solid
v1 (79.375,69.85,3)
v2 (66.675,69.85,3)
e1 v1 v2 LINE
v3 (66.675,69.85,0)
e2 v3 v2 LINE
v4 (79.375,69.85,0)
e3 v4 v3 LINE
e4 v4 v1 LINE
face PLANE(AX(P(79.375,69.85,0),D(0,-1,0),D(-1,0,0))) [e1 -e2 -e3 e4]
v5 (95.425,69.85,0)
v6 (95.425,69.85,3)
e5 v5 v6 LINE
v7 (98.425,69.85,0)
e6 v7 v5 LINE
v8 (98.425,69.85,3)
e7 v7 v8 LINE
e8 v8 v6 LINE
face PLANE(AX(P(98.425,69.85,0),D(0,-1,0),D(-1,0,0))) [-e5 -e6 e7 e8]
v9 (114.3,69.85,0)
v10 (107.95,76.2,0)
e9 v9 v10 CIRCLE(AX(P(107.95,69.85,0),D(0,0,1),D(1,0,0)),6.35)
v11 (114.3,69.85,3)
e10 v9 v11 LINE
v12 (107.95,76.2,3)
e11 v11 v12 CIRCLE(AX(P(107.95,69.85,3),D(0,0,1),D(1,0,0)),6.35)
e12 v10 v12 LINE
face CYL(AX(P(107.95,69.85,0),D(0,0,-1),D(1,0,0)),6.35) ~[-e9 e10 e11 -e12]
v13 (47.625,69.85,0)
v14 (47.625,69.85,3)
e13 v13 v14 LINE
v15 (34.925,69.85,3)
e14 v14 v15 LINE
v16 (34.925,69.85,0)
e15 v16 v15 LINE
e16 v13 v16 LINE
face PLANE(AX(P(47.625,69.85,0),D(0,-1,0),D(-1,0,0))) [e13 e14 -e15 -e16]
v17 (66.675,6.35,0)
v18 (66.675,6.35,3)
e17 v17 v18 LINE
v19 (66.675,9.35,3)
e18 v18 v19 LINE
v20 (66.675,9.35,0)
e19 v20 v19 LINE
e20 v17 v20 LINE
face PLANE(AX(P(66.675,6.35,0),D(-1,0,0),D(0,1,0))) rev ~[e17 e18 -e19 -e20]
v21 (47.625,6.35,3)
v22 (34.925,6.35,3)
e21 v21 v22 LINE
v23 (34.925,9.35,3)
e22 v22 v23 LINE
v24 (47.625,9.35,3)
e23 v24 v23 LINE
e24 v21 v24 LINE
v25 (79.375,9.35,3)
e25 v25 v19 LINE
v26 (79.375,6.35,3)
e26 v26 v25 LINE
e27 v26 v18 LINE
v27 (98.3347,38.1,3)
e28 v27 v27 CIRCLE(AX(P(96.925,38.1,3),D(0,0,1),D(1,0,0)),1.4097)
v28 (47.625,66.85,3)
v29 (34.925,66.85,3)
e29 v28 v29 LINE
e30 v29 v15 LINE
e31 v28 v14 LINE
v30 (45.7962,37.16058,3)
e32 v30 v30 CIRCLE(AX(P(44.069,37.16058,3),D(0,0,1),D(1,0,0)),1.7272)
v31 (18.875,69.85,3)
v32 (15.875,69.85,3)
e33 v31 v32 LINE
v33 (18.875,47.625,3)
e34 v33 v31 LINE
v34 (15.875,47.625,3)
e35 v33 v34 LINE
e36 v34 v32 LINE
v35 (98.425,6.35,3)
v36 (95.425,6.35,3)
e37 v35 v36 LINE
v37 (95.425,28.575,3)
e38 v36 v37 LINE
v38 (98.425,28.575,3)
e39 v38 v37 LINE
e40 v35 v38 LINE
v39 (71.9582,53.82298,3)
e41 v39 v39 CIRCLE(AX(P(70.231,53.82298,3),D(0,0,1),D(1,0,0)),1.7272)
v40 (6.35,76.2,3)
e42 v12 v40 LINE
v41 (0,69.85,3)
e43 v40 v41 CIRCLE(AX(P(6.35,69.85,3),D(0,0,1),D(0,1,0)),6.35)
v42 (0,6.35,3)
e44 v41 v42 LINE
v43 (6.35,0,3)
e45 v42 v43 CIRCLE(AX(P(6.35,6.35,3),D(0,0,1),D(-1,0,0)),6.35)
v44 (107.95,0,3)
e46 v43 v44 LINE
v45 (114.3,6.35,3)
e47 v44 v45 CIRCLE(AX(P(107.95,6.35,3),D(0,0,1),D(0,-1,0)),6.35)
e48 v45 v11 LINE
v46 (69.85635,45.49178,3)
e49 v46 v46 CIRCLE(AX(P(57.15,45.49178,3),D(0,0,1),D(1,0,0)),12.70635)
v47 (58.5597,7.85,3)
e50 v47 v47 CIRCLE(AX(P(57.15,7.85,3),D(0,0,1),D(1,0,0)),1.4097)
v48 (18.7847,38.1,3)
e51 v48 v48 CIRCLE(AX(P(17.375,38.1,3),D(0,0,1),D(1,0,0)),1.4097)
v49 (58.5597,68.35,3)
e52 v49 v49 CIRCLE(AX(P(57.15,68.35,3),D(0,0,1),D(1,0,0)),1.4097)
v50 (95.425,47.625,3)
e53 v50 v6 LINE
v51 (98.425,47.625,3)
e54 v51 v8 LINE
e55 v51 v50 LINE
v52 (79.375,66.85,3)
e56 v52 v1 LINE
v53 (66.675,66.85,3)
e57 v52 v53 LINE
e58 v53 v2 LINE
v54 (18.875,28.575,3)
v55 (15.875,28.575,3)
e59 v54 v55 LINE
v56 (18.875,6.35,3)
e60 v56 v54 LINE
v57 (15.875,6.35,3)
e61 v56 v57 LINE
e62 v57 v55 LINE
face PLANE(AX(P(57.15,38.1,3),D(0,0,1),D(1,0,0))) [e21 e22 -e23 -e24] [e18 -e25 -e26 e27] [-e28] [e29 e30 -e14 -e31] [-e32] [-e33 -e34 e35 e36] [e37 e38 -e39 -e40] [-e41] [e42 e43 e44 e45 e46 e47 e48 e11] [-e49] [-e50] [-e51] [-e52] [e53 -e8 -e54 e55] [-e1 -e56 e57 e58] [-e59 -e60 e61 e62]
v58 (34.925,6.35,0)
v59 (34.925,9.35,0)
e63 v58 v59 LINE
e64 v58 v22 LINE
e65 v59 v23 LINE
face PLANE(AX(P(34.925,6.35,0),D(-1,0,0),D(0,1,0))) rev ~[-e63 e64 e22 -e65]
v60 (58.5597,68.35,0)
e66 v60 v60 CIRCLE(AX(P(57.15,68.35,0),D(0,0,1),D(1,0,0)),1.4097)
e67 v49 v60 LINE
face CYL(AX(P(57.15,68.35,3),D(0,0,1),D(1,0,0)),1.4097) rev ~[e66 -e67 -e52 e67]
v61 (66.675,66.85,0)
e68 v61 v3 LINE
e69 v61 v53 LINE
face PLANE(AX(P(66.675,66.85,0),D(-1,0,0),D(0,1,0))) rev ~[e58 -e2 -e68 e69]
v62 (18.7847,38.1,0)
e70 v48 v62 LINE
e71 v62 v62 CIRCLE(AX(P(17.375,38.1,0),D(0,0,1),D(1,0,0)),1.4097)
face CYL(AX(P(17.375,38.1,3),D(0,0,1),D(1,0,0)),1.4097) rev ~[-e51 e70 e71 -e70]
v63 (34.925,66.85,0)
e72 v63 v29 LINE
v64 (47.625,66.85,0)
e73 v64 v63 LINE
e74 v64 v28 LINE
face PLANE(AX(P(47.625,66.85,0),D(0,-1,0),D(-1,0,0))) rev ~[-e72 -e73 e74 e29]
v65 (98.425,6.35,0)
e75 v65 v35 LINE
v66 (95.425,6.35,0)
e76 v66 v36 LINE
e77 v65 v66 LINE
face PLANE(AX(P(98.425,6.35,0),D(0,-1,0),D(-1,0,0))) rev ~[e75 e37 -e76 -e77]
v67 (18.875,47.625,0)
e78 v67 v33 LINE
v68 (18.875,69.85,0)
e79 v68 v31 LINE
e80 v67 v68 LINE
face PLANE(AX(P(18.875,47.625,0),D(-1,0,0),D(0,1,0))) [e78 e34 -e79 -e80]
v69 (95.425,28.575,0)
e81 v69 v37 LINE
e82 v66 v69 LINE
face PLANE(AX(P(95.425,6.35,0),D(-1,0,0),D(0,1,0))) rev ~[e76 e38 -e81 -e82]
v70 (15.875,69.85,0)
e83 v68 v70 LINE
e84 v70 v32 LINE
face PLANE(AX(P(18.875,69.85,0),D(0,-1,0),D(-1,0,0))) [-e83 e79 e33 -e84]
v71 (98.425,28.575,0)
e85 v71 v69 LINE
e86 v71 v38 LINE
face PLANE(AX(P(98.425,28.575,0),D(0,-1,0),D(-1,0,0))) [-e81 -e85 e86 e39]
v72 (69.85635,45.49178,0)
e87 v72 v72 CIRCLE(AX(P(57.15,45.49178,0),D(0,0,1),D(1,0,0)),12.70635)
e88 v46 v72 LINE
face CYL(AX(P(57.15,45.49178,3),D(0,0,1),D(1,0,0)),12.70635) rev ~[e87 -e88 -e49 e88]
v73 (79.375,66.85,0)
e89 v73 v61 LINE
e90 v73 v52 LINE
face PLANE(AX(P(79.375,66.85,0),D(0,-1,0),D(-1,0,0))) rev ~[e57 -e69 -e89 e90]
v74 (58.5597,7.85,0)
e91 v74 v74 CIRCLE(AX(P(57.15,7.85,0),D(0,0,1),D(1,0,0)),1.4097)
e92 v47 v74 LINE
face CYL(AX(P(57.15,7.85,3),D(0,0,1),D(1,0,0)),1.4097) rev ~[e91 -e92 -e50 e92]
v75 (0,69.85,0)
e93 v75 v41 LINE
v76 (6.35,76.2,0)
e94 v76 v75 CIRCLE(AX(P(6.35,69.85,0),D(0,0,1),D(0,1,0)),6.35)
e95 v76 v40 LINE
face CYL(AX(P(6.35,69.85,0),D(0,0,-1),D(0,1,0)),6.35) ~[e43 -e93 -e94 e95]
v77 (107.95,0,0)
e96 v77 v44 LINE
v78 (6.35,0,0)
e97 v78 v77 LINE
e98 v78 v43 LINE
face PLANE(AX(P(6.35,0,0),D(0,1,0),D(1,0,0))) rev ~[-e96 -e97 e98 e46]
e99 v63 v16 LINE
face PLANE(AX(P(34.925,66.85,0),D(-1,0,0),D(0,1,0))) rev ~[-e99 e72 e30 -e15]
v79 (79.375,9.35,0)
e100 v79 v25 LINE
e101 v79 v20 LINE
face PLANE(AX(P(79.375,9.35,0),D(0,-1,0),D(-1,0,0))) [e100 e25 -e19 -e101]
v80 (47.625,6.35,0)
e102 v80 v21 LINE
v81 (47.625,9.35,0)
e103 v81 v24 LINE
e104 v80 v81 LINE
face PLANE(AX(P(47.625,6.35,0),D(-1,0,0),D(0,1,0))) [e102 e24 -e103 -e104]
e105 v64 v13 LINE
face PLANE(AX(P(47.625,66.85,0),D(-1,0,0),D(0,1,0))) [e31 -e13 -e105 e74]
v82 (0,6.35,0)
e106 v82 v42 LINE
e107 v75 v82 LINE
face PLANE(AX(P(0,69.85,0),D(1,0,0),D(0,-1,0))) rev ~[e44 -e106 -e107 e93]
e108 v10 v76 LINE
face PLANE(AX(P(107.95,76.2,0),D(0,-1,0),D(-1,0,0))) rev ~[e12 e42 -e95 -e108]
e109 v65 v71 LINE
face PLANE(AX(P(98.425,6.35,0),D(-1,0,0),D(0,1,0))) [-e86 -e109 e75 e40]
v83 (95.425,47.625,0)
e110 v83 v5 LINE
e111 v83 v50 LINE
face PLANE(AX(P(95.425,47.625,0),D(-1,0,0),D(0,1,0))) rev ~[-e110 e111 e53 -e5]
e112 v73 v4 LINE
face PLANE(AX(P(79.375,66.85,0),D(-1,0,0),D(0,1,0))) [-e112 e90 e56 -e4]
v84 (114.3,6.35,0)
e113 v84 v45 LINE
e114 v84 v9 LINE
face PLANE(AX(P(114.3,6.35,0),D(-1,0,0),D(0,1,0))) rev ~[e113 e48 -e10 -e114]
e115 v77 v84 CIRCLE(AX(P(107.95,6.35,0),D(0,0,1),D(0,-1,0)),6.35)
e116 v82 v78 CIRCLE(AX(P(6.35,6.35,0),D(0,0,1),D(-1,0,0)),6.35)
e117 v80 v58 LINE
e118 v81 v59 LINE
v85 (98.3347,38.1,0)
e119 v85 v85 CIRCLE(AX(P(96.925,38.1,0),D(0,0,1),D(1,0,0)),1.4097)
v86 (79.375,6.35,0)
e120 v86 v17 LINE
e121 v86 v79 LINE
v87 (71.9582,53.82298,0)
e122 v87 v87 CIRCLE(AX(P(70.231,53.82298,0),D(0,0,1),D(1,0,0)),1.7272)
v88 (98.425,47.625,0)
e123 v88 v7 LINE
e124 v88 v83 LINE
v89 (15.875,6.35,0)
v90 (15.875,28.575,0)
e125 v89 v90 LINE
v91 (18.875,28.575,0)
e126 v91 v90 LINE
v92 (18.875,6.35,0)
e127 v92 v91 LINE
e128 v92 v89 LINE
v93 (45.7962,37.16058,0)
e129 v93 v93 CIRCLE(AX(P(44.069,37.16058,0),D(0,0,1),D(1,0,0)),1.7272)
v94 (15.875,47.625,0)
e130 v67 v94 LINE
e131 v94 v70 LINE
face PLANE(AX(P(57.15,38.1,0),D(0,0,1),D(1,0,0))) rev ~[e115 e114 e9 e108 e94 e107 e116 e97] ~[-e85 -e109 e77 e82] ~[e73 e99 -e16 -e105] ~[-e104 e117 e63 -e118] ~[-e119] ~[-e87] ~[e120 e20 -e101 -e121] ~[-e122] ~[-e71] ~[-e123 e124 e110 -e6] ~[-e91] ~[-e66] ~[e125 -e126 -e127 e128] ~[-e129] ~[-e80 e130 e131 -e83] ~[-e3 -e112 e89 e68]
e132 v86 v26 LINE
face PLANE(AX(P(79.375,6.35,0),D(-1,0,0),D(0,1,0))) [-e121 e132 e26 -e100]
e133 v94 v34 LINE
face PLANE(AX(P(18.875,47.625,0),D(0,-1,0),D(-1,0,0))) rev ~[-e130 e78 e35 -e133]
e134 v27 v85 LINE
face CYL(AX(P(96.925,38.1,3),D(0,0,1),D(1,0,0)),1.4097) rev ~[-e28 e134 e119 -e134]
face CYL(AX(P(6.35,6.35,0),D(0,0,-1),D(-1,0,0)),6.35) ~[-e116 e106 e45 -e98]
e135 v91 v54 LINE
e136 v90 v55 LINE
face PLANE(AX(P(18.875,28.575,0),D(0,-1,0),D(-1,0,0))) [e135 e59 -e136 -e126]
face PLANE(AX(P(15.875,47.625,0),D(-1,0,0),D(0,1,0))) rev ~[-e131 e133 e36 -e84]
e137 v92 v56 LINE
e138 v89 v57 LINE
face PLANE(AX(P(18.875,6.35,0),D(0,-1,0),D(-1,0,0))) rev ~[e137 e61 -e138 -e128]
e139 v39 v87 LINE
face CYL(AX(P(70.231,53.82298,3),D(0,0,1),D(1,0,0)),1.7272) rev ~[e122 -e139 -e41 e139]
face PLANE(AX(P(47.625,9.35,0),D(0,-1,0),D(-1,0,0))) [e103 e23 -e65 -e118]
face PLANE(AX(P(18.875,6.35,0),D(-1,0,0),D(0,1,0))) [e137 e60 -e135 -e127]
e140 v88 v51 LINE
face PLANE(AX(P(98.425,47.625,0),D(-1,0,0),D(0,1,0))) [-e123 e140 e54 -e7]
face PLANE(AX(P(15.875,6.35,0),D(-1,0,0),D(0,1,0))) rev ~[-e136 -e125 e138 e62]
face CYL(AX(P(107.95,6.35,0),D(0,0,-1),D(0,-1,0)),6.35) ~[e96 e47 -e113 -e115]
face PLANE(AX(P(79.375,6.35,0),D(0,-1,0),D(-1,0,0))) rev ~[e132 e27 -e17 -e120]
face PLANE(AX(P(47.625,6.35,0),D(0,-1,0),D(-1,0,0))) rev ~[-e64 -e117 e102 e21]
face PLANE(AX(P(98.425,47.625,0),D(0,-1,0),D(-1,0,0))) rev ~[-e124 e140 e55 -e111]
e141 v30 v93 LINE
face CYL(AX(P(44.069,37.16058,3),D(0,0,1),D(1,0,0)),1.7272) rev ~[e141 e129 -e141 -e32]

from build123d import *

# Parameters (mm, degrees)
BOSS_EXTRUDE1_DEPTH = 3
CUT_EXTRUDE1_REACH  = 139.404
SKETCH2_W           = 12.7
SKETCH2_H           = 3
SKETCH2_W_2         = 3
SKETCH2_H_2         = 22.225
CUT_EXTRUDE3_REACH  = 139.404
SKETCH4_R           = 1.7272
SKETCH4_R_2         = 12.70635
CUT_EXTRUDE4_REACH  = 139.404
SKETCH5_R           = 1.4097


with BuildPart() as part:
    # Sketch1 → Boss-Extrude1 (new body)
    with BuildSketch(Plane.XY):
        with BuildLine():
            Line((6.35, 0), (107.95, 0))
            ThreePointArc((107.95, 0), (112.440128061, 1.859871939), (114.3, 6.35))
            Line((114.3, 6.35), (114.3, 69.85))
            ThreePointArc((114.3, 69.85), (112.440128061, 74.340128061), (107.95, 76.2))
            Line((107.95, 76.2), (6.35, 76.2))
            ThreePointArc((6.35, 76.2), (1.859871939, 74.340128061), (0, 69.85))
            Line((0, 69.85), (0, 6.35))
            ThreePointArc((0, 6.35), (1.859871939, 1.859871939), (6.35, 0))
        make_face()
    extrude(amount=BOSS_EXTRUDE1_DEPTH)

    # Sketch2 → Cut-Extrude1 (cut, up to next)
    with BuildSketch(Plane(origin=(0, 0, 0), x_dir=(-1, 0, 0), z_dir=(0, 0, -1)), mode=Mode.PRIVATE) as cut_extrude1_sk1:
        with Locations((-73.025, 68.35)):
            Rectangle(SKETCH2_W, SKETCH2_H)
    cut_extrude1_tool1 = extrude(cut_extrude1_sk1.sketch, amount=-CUT_EXTRUDE1_REACH, mode=Mode.PRIVATE) & part.part
    # Sketch2 → Cut-Extrude1 (cut, up to next)
    with BuildSketch(Plane(origin=(0, 0, 0), x_dir=(-1, 0, 0), z_dir=(0, 0, -1)), mode=Mode.PRIVATE) as cut_extrude1_sk2:
        with Locations((-41.275, 68.35)):
            Rectangle(SKETCH2_W, SKETCH2_H)
    cut_extrude1_tool2 = extrude(cut_extrude1_sk2.sketch, amount=-CUT_EXTRUDE1_REACH, mode=Mode.PRIVATE) & part.part
    # Sketch2 → Cut-Extrude1 (cut, up to next)
    with BuildSketch(Plane(origin=(0, 0, 0), x_dir=(-1, 0, 0), z_dir=(0, 0, -1)), mode=Mode.PRIVATE) as cut_extrude1_sk3:
        with Locations((-17.375, 58.7375)):
            Rectangle(SKETCH2_W_2, SKETCH2_H_2)
    cut_extrude1_tool3 = extrude(cut_extrude1_sk3.sketch, amount=-CUT_EXTRUDE1_REACH, mode=Mode.PRIVATE) & part.part
    # Sketch2 → Cut-Extrude1 (cut, up to next)
    with BuildSketch(Plane(origin=(0, 0, 0), x_dir=(-1, 0, 0), z_dir=(0, 0, -1)), mode=Mode.PRIVATE) as cut_extrude1_sk4:
        with Locations((-17.375, 17.4625)):
            Rectangle(SKETCH2_W_2, SKETCH2_H_2)
    cut_extrude1_tool4 = extrude(cut_extrude1_sk4.sketch, amount=-CUT_EXTRUDE1_REACH, mode=Mode.PRIVATE) & part.part
    # Sketch2 → Cut-Extrude1 (cut, up to next)
    with BuildSketch(Plane(origin=(0, 0, 0), x_dir=(-1, 0, 0), z_dir=(0, 0, -1)), mode=Mode.PRIVATE) as cut_extrude1_sk5:
        with Locations((-41.275, 7.85)):
            Rectangle(SKETCH2_W, SKETCH2_H)
    cut_extrude1_tool5 = extrude(cut_extrude1_sk5.sketch, amount=-CUT_EXTRUDE1_REACH, mode=Mode.PRIVATE) & part.part
    # Sketch2 → Cut-Extrude1 (cut, up to next)
    with BuildSketch(Plane(origin=(0, 0, 0), x_dir=(-1, 0, 0), z_dir=(0, 0, -1)), mode=Mode.PRIVATE) as cut_extrude1_sk6:
        with Locations((-73.025, 7.85)):
            Rectangle(SKETCH2_W, SKETCH2_H)
    cut_extrude1_tool6 = extrude(cut_extrude1_sk6.sketch, amount=-CUT_EXTRUDE1_REACH, mode=Mode.PRIVATE) & part.part
    # Sketch2 → Cut-Extrude1 (cut, up to next)
    with BuildSketch(Plane(origin=(0, 0, 0), x_dir=(-1, 0, 0), z_dir=(0, 0, -1)), mode=Mode.PRIVATE) as cut_extrude1_sk7:
        with Locations((-96.925, 17.4625)):
            Rectangle(SKETCH2_W_2, SKETCH2_H_2)
    cut_extrude1_tool7 = extrude(cut_extrude1_sk7.sketch, amount=-CUT_EXTRUDE1_REACH, mode=Mode.PRIVATE) & part.part
    # Sketch2 → Cut-Extrude1 (cut, up to next)
    with BuildSketch(Plane(origin=(0, 0, 0), x_dir=(-1, 0, 0), z_dir=(0, 0, -1)), mode=Mode.PRIVATE) as cut_extrude1_sk8:
        with Locations((-96.925, 58.7375)):
            Rectangle(SKETCH2_W_2, SKETCH2_H_2)
    cut_extrude1_tool8 = extrude(cut_extrude1_sk8.sketch, amount=-CUT_EXTRUDE1_REACH, mode=Mode.PRIVATE) & part.part
    add(cut_extrude1_tool1.solids().sort_by_distance((73.025, 68.35, 0))[0], mode=Mode.SUBTRACT)
    add(cut_extrude1_tool2.solids().sort_by_distance((41.275, 68.35, 0))[0], mode=Mode.SUBTRACT)
    add(cut_extrude1_tool3.solids().sort_by_distance((17.375, 58.7375, 0))[0], mode=Mode.SUBTRACT)
    add(cut_extrude1_tool4.solids().sort_by_distance((17.375, 17.4625, 0))[0], mode=Mode.SUBTRACT)
    add(cut_extrude1_tool5.solids().sort_by_distance((41.275, 7.85, 0))[0], mode=Mode.SUBTRACT)
    add(cut_extrude1_tool6.solids().sort_by_distance((73.025, 7.85, 0))[0], mode=Mode.SUBTRACT)
    add(cut_extrude1_tool7.solids().sort_by_distance((96.925, 17.4625, 0))[0], mode=Mode.SUBTRACT)
    add(cut_extrude1_tool8.solids().sort_by_distance((96.925, 58.7375, 0))[0], mode=Mode.SUBTRACT)

    # Sketch4 → Cut-Extrude3 (cut, up to next)
    with BuildSketch(Plane.XY.offset(3), mode=Mode.PRIVATE) as cut_extrude3_sk1:
        with Locations((70.231, 53.822979832)):
            Circle(SKETCH4_R)
    cut_extrude3_tool1 = extrude(cut_extrude3_sk1.sketch, amount=-CUT_EXTRUDE3_REACH, mode=Mode.PRIVATE) & part.part
    # Sketch4 → Cut-Extrude3 (cut, up to next)
    with BuildSketch(Plane.XY.offset(3), mode=Mode.PRIVATE) as cut_extrude3_sk2:
        with Locations((44.069, 37.160579832)):
            Circle(SKETCH4_R)
    cut_extrude3_tool2 = extrude(cut_extrude3_sk2.sketch, amount=-CUT_EXTRUDE3_REACH, mode=Mode.PRIVATE) & part.part
    # Sketch4 → Cut-Extrude3 (cut, up to next)
    with BuildSketch(Plane.XY.offset(3), mode=Mode.PRIVATE) as cut_extrude3_sk3:
        with Locations((57.15, 45.491779832)):
            Circle(SKETCH4_R_2)
    cut_extrude3_tool3 = extrude(cut_extrude3_sk3.sketch, amount=-CUT_EXTRUDE3_REACH, mode=Mode.PRIVATE) & part.part
    add(cut_extrude3_tool1.solids().sort_by_distance((70.231, 53.82298, 3))[0], mode=Mode.SUBTRACT)
    add(cut_extrude3_tool2.solids().sort_by_distance((44.069, 37.16058, 3))[0], mode=Mode.SUBTRACT)
    add(cut_extrude3_tool3.solids().sort_by_distance((57.15, 45.49178, 3))[0], mode=Mode.SUBTRACT)

    # Sketch5 → Cut-Extrude4 (cut, up to next)
    with BuildSketch(Plane.XY.offset(3), mode=Mode.PRIVATE) as cut_extrude4_sk1:
        with Locations((57.15, 68.35)):
            Circle(SKETCH5_R)
    cut_extrude4_tool1 = extrude(cut_extrude4_sk1.sketch, amount=-CUT_EXTRUDE4_REACH, mode=Mode.PRIVATE) & part.part
    # Sketch5 → Cut-Extrude4 (cut, up to next)
    with BuildSketch(Plane.XY.offset(3), mode=Mode.PRIVATE) as cut_extrude4_sk2:
        with Locations((96.925, 38.1)):
            Circle(SKETCH5_R)
    cut_extrude4_tool2 = extrude(cut_extrude4_sk2.sketch, amount=-CUT_EXTRUDE4_REACH, mode=Mode.PRIVATE) & part.part
    # Sketch5 → Cut-Extrude4 (cut, up to next)
    with BuildSketch(Plane.XY.offset(3), mode=Mode.PRIVATE) as cut_extrude4_sk3:
        with Locations((57.15, 7.85)):
            Circle(SKETCH5_R)
    cut_extrude4_tool3 = extrude(cut_extrude4_sk3.sketch, amount=-CUT_EXTRUDE4_REACH, mode=Mode.PRIVATE) & part.part
    # Sketch5 → Cut-Extrude4 (cut, up to next)
    with BuildSketch(Plane.XY.offset(3), mode=Mode.PRIVATE) as cut_extrude4_sk4:
        with Locations((17.375, 38.1)):
            Circle(SKETCH5_R)
    cut_extrude4_tool4 = extrude(cut_extrude4_sk4.sketch, amount=-CUT_EXTRUDE4_REACH, mode=Mode.PRIVATE) & part.part
    add(cut_extrude4_tool1.solids().sort_by_distance((57.15, 68.35, 3))[0], mode=Mode.SUBTRACT)
    add(cut_extrude4_tool2.solids().sort_by_distance((96.925, 38.1, 3))[0], mode=Mode.SUBTRACT)
    add(cut_extrude4_tool3.solids().sort_by_distance((57.15, 7.85, 3))[0], mode=Mode.SUBTRACT)
    add(cut_extrude4_tool4.solids().sort_by_distance((17.375, 38.1, 3))[0], mode=Mode.SUBTRACT)


solid = part.part
